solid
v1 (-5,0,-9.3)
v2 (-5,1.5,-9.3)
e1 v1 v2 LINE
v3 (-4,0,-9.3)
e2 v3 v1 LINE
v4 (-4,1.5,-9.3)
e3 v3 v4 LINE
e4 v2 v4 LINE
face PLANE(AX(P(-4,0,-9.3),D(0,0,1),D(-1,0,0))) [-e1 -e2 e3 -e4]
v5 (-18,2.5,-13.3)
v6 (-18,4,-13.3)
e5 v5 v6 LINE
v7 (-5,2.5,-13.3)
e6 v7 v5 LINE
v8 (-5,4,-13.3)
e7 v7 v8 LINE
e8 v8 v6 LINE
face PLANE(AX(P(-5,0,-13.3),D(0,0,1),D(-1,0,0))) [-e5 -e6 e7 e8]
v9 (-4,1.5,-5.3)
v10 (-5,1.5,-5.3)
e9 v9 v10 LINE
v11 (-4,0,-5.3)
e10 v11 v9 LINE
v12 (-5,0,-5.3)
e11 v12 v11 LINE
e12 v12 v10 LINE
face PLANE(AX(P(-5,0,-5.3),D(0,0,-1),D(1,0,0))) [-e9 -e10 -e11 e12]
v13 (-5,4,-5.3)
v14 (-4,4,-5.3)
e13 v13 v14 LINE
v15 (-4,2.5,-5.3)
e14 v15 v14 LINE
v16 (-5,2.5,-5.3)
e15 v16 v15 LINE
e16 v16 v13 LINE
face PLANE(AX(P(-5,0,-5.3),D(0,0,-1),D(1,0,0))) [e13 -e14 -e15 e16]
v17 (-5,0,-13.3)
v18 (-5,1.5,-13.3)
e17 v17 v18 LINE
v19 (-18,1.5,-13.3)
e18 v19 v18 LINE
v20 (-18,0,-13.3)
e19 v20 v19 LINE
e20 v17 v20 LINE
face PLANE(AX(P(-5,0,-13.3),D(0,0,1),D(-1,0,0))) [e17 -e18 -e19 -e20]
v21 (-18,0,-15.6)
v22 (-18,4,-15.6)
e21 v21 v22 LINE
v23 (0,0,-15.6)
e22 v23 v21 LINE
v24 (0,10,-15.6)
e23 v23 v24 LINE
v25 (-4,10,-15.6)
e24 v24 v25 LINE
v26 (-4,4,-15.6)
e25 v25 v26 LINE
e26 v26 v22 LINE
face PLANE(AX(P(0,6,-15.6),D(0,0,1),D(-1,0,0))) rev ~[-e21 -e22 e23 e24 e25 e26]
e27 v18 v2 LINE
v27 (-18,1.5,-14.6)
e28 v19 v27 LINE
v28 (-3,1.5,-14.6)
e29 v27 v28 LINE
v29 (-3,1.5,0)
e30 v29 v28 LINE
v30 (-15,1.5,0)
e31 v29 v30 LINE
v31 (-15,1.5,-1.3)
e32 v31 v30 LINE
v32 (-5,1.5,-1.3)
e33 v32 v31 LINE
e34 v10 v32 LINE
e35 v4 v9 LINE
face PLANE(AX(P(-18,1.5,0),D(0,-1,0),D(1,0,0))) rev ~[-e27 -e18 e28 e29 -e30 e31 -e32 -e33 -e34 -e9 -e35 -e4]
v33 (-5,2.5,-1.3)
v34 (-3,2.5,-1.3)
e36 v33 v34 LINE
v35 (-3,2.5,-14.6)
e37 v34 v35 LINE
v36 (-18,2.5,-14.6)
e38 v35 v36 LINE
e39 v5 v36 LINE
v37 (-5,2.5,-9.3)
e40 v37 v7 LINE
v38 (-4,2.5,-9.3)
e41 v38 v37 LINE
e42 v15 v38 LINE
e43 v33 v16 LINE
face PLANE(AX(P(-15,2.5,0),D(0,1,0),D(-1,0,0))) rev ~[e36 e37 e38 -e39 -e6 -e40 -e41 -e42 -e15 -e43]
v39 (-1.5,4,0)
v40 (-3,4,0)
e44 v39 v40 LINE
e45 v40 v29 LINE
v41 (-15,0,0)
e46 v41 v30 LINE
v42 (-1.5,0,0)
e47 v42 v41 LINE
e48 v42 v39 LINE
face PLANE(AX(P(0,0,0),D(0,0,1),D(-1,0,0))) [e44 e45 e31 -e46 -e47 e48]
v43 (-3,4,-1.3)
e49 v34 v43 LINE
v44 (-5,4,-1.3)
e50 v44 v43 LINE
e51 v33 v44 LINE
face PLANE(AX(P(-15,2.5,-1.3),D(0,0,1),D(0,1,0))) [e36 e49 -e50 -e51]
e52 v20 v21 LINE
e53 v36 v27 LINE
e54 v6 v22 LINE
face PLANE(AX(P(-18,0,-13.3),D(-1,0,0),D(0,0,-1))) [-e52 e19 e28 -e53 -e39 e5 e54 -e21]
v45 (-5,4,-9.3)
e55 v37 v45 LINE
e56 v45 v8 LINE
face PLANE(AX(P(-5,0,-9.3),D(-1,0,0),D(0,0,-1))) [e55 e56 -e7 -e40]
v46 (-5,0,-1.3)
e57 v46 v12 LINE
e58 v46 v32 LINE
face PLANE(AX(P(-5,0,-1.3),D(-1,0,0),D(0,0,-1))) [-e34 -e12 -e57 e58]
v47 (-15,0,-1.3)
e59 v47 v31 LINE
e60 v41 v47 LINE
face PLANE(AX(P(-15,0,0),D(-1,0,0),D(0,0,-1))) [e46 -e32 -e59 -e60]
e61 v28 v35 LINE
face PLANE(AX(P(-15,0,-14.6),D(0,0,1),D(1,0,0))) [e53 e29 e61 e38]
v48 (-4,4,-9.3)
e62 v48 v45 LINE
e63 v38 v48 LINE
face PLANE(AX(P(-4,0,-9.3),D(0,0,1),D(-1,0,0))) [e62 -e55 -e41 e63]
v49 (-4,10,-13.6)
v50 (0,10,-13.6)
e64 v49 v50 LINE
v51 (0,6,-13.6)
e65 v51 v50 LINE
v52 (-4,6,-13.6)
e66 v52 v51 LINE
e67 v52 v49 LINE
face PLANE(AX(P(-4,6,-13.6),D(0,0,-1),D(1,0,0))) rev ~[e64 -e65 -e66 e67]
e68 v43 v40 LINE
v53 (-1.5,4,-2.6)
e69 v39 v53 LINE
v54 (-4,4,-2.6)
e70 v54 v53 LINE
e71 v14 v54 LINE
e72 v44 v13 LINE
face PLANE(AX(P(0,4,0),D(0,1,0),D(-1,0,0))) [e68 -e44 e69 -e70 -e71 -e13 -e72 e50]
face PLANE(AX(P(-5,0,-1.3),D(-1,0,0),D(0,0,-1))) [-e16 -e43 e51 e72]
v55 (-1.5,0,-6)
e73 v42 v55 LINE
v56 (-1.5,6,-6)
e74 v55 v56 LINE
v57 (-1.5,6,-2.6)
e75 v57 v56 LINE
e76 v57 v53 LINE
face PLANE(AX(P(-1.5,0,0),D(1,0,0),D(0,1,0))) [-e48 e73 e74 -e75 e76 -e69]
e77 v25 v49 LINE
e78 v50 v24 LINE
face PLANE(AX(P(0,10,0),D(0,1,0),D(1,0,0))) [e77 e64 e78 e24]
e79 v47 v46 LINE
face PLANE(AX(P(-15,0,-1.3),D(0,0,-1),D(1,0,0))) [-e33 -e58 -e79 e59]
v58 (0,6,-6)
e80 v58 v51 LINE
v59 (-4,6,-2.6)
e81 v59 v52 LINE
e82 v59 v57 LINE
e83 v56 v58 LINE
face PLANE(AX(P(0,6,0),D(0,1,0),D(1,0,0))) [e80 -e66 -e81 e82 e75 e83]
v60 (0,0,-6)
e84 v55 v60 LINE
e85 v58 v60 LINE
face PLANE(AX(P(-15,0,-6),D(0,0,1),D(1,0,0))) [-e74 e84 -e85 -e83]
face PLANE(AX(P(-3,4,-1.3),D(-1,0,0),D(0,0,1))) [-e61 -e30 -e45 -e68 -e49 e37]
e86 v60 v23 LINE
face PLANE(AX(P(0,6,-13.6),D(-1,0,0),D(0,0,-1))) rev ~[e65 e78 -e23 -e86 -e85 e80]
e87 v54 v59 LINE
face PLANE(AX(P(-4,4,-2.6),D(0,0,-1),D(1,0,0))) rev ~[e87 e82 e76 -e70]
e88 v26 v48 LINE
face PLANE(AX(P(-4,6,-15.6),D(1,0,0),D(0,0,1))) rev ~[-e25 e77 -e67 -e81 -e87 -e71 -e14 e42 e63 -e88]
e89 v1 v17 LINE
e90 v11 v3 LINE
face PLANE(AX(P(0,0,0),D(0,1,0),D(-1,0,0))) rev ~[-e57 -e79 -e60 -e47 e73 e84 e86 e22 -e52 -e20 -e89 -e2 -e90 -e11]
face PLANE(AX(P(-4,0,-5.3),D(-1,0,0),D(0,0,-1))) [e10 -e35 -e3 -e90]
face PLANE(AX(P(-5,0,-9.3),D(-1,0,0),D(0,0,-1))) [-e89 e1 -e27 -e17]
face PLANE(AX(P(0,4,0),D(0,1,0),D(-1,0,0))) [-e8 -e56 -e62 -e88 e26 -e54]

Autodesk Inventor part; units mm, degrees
ref_plane "YZ Plane" through (0, 0, 0) normal (1, 0, 0) x (0, 1, 0)
ref_plane "XZ Plane" through (0, 0, 0) normal (0, 1, 0) x (-1, 0, 0)
ref_plane "XY Plane" through (0, 0, 0) normal (0, 0, 1) x (1, 0, 0)
sketch "스케치1" plane through (0, 0, 0) normal (0, 1, 0) x (-1, 0, 0)
  line L0 (0, 0) -> (0, -15.6)
  line L1 (0, -15.6) -> (18, -15.6)
  line L2 (0, 0) -> (15, 0)
  line L3 (15, 0) -> (15, -1.3)
  line L4 (15, -1.3) -> (5, -1.3)
  line L5 (5, -1.3) -> (5, -5.3)
  line L6 (5, -5.3) -> (4, -5.3)
  line L7 (4, -5.3) -> (4, -9.3)
  line L8 (4, -9.3) -> (5, -9.3)
  line L9 (5, -9.3) -> (5, -13.3)
  line L10 (5, -13.3) -> (18, -13.3)
  line L11 (18, -13.3) -> (18, -15.6)
  line L12 (3, 0) -> (19.1, 0) construction
  line L13 (19.1, 0) -> (19.1, -14.6) construction
  line L14 (19.1, -14.6) -> (3, -14.6) construction
  line L15 (3, -14.6) -> (3, 0) construction
  line L16 (19.1, -7.3) -> (3, -7.3) construction
  dimension "d0" = 15.6
  dimension "d1" = 18
  dimension "d2" = 15
  dimension "d3" = 1.3
  dimension "d4" = 10
  dimension "d5" = 4
  dimension "d6" = 1
  dimension "d7" = 4
  dimension "d8" = 1
  dimension "d9" = 4
  dimension "d10" = 13
  dimension "d18" = 16.1
  dimension "d19" = 14.6
  dimension "d20" = 3
  dimension "d21" = 1
extrude "돌출1" add sketch "스케치1" along normal blind 4
sketch "스케치2" plane through (-15, 0, 0) normal (0, 0, 1) x (1, 0, 0)
  line L0 (-3, 1.5) -> (12, 1.5)
  line L1 (12, 1.5) -> (12, 2.5)
  line L2 (12, 2.5) -> (-3, 2.5)
  line L3 (-3, 2.5) -> (-3, 1.5)
  line L4 (15, 0) -> (15, 4) projected
  line L5 (0, 0) -> (0, 4) projected
  line L6 (0, 0) -> (15, 0) projected
  line L7 (-3, 0) -> (-3, 4) projected
  dimension "d13" = 1
  dimension "d14" = 3
  dimension "d15" = 1.5
extrude "돌출2" cut sketch "스케치2" against normal blind 14.6
sketch "스케치3" plane through (0, 4, 0) normal (0, 1, 0) x (1, 0, 0)
  line L0 (0, 0) -> (0, 15.6) projected
  line L1 (0, 15.6) -> (-18, 15.6) projected
  line L2 (-18, 15.6) -> (-18, 13.3) projected
  line L3 (-18, 13.3) -> (-5, 13.3) projected
  line L4 (-5, 13.3) -> (-5, 9.3) projected
  line L5 (-5, 9.3) -> (-4, 9.3) projected
  line L6 (-4, 9.3) -> (-4, 5.3) projected
  line L7 (-4, 5.3) -> (-5, 5.3) projected
  line L8 (-5, 5.3) -> (-5, 1.3) projected
  line L9 (-5, 1.3) -> (-15, 1.3) projected
  line L10 (-15, 1.3) -> (-15, 0) projected
  line L11 (-15, 0) -> (0, 0) projected
  line L12 (0, 15.6) -> (-4, 15.6)
  line L13 (-4, 15.6) -> (-4, 2.6)
  line L14 (-4, 2.6) -> (0, 2.6)
  line L15 (0, 2.6) -> (0, 15.6)
  point P0 (0, 2.6)
  dimension "d37" = 4
  dimension "d38" = 13
extrude "돌출3" add sketch "스케치3" along normal blind 2 contours L14 L13 L6 L1 L0
sketch "스케치4" plane through (0, 6, 0) normal (0, 1, 0) x (1, 0, 0)
  line L0 (0, 2.6) -> (0, 15.6) projected
  line L1 (0, 15.6) -> (-4, 15.6) projected
  line L2 (-4, 15.6) -> (-4, 2.6) projected
  line L3 (-4, 2.6) -> (0, 2.6) projected
  line L4 (0, 15.6) -> (-4, 15.6)
  line L5 (-4, 15.6) -> (-4, 13.6)
  line L6 (-4, 13.6) -> (0, 13.6)
  line L7 (0, 13.6) -> (0, 15.6)
  point P0 (0, 13.6)
  dimension "d39" = 2
extrude "돌출4" add sketch "스케치4" along normal blind 4 contours L6 L2 L1 L0
sketch "스케치7" plane through (-15, 0, 0) normal (0, 0, 1) x (1, 0, 0)
  line L0 (12, 2.5) -> (12, 1.5) projected
  line L1 (0, 0) -> (15, 0) projected
  line L2 (15, 0) -> (15, 4) projected
  line L3 (15, 0) -> (13.5, 0)
  line L4 (13.5, 0) -> (13.5, 6)
  line L5 (13.5, 6) -> (15, 6)
  line L6 (15, 6) -> (15, 0)
  dimension "d34" = 1.5
  dimension "d41" = 6
extrude "돌출7" cut sketch "스케치7" against normal blind 6
sketch "스케치8" plane through (-15, 4, -1.3) normal (-1, 0, 0) x (0, 0, 1)
  line L0 (0, -1.5) -> (1.3, -1.5) projected
  line L1 (1.3, -1.5) -> (1.3, 0) projected
  line L2 (0, 0) -> (1.3, 0) projected
  line L3 (0, -1.5) -> (0, 0) projected
  point P0 (1.3, -4)
extrude "돌출8" cut sketch "스케치8" against normal blind 12
properties part number "_3D 인쇄"
